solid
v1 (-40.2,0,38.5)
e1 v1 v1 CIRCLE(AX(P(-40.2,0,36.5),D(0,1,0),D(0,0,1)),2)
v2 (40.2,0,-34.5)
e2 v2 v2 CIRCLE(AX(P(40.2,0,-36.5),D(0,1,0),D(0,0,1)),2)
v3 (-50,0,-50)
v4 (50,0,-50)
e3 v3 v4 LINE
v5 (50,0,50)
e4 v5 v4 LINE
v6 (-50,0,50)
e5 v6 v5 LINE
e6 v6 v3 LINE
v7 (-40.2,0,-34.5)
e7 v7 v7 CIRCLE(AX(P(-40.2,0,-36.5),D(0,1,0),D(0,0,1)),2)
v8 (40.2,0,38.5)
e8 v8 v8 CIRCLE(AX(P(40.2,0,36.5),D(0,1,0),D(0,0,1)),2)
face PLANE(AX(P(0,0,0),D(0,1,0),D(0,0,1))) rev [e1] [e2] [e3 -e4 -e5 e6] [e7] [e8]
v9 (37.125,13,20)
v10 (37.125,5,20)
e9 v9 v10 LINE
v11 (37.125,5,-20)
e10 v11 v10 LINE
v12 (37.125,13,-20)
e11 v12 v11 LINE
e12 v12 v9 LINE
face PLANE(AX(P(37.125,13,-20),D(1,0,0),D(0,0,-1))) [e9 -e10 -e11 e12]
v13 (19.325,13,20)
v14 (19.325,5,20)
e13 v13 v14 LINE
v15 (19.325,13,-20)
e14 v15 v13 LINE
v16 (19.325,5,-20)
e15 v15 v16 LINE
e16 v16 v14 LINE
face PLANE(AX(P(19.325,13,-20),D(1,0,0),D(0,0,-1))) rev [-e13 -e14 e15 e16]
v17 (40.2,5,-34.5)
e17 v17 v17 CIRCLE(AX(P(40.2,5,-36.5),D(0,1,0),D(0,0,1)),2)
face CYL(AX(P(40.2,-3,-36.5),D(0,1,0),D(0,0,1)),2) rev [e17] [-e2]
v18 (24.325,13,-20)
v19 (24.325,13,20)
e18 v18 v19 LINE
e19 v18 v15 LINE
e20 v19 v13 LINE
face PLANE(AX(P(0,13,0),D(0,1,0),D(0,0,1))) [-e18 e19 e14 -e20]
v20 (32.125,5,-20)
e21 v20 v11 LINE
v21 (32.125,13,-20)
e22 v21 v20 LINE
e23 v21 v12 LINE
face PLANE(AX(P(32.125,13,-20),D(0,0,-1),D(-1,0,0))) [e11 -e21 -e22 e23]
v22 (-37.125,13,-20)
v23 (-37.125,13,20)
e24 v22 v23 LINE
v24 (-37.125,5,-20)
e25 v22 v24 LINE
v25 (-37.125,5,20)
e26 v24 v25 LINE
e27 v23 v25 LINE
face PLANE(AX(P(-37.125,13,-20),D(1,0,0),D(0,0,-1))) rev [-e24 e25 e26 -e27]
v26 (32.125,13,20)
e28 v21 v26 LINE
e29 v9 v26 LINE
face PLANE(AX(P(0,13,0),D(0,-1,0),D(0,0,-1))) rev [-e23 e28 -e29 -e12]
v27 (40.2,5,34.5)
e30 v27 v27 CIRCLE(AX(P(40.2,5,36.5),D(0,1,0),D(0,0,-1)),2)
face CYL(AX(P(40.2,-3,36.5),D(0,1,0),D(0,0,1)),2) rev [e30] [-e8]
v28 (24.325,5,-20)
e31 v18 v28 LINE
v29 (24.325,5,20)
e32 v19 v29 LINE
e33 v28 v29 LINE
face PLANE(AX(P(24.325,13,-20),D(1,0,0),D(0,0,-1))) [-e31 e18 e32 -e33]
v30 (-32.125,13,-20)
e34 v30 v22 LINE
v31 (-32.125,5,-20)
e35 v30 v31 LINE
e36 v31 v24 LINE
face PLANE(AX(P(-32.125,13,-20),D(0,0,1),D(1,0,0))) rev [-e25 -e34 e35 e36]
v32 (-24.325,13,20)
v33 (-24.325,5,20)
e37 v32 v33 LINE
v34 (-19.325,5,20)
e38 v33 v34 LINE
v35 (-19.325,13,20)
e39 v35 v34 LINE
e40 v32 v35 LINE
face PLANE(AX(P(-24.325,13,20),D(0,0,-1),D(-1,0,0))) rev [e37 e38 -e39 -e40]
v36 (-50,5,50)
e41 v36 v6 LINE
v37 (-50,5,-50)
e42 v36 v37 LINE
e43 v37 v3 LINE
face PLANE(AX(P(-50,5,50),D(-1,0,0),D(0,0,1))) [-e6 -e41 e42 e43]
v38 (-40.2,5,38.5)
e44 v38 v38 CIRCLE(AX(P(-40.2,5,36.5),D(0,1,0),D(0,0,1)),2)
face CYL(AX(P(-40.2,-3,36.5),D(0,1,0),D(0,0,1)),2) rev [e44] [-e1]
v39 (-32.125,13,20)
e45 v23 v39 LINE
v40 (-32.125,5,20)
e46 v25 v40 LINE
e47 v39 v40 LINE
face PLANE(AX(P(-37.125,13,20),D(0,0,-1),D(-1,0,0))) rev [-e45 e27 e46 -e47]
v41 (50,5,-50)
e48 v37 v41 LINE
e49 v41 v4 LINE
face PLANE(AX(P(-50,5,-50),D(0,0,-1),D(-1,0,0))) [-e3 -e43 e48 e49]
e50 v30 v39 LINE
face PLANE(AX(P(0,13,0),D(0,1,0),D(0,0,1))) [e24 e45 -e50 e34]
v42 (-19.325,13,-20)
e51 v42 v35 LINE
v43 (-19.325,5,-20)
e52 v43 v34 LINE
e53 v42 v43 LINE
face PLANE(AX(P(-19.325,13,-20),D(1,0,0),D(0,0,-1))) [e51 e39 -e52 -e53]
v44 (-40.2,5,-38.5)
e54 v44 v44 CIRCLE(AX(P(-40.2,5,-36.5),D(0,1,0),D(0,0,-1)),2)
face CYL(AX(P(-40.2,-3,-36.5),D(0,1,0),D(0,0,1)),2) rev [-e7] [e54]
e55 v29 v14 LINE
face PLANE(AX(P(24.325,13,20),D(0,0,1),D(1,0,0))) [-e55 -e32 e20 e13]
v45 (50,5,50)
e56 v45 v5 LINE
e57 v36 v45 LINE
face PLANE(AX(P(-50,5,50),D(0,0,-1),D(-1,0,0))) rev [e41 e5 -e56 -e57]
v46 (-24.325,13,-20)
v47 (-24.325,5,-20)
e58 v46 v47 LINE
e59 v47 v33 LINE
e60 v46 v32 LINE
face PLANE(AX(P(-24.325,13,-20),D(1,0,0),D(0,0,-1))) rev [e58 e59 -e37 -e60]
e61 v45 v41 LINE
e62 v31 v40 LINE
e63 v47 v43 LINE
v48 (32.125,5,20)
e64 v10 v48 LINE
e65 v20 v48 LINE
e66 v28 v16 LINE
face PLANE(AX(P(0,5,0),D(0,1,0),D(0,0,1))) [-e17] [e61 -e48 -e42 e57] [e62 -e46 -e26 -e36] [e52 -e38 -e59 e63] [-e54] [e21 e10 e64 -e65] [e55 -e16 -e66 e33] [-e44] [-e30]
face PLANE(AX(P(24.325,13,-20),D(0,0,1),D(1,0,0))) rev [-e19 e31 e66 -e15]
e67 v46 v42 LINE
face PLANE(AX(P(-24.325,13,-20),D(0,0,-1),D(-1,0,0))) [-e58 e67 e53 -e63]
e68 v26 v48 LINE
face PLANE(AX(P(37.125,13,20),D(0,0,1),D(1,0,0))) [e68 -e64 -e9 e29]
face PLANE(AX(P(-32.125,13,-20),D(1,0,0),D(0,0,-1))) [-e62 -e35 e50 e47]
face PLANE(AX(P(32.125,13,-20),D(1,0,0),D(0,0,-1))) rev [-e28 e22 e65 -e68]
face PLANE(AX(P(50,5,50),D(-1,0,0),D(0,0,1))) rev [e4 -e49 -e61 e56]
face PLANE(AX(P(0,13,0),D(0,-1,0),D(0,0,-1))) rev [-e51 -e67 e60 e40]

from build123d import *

# Parameters (mm, degrees)
SKETCH1_W           = 100
SKETCH1_H           = 100
BOSS_EXTRUDE1_DEPTH = 5
SKETCH2_W           = 5
SKETCH2_H           = 40
BOSS_EXTRUDE2_DEPTH = 8
SKETCH4_R           = 2
CUT_EXTRUDE1_DEPTH  = 8


with BuildPart() as part:
    # Sketch1 → Boss-Extrude1 (new body)
    with BuildSketch(Plane(origin=(0, 0, 0), x_dir=(1, 0, 0), z_dir=(0, 1, 0))):
        Rectangle(SKETCH1_W, SKETCH1_H)
    extrude(amount=BOSS_EXTRUDE1_DEPTH)

    # Sketch2 → Boss-Extrude2 (add)
    with BuildSketch(Plane(origin=(0, 5, 0), x_dir=(1, 0, 0), z_dir=(0, 1, 0))):
        with Locations((21.825, 0)):
            Rectangle(SKETCH2_W, SKETCH2_H)
        with Locations((-34.625, 0)):
            Rectangle(SKETCH2_W, SKETCH2_H)
        with Locations((-21.825, 0)):
            Rectangle(SKETCH2_W, SKETCH2_H)
        with Locations((34.625, 0)):
            Rectangle(SKETCH2_W, SKETCH2_H)
    extrude(amount=BOSS_EXTRUDE2_DEPTH)

    # Sketch4 → Cut-Extrude1 (cut)
    with BuildSketch(Plane(origin=(0, 5, 0), x_dir=(1, 0, 0), z_dir=(0, 1, 0))):
        with Locations(Location((40.2, 36.5, 0), (0, 0, 270))):
            Circle(SKETCH4_R)
        with Locations(Location((40.2, -36.5, 0), (0, 0, 270))):
            Circle(SKETCH4_R)
        with Locations(Location((-40.2, -36.5, 0), (0, 0, 270))):
            Circle(SKETCH4_R)
        with Locations(Location((-40.2, 36.5, 0), (0, 0, 270))):
            Circle(SKETCH4_R)
    extrude(amount=-CUT_EXTRUDE1_DEPTH, mode=Mode.SUBTRACT)


solid = part.part
